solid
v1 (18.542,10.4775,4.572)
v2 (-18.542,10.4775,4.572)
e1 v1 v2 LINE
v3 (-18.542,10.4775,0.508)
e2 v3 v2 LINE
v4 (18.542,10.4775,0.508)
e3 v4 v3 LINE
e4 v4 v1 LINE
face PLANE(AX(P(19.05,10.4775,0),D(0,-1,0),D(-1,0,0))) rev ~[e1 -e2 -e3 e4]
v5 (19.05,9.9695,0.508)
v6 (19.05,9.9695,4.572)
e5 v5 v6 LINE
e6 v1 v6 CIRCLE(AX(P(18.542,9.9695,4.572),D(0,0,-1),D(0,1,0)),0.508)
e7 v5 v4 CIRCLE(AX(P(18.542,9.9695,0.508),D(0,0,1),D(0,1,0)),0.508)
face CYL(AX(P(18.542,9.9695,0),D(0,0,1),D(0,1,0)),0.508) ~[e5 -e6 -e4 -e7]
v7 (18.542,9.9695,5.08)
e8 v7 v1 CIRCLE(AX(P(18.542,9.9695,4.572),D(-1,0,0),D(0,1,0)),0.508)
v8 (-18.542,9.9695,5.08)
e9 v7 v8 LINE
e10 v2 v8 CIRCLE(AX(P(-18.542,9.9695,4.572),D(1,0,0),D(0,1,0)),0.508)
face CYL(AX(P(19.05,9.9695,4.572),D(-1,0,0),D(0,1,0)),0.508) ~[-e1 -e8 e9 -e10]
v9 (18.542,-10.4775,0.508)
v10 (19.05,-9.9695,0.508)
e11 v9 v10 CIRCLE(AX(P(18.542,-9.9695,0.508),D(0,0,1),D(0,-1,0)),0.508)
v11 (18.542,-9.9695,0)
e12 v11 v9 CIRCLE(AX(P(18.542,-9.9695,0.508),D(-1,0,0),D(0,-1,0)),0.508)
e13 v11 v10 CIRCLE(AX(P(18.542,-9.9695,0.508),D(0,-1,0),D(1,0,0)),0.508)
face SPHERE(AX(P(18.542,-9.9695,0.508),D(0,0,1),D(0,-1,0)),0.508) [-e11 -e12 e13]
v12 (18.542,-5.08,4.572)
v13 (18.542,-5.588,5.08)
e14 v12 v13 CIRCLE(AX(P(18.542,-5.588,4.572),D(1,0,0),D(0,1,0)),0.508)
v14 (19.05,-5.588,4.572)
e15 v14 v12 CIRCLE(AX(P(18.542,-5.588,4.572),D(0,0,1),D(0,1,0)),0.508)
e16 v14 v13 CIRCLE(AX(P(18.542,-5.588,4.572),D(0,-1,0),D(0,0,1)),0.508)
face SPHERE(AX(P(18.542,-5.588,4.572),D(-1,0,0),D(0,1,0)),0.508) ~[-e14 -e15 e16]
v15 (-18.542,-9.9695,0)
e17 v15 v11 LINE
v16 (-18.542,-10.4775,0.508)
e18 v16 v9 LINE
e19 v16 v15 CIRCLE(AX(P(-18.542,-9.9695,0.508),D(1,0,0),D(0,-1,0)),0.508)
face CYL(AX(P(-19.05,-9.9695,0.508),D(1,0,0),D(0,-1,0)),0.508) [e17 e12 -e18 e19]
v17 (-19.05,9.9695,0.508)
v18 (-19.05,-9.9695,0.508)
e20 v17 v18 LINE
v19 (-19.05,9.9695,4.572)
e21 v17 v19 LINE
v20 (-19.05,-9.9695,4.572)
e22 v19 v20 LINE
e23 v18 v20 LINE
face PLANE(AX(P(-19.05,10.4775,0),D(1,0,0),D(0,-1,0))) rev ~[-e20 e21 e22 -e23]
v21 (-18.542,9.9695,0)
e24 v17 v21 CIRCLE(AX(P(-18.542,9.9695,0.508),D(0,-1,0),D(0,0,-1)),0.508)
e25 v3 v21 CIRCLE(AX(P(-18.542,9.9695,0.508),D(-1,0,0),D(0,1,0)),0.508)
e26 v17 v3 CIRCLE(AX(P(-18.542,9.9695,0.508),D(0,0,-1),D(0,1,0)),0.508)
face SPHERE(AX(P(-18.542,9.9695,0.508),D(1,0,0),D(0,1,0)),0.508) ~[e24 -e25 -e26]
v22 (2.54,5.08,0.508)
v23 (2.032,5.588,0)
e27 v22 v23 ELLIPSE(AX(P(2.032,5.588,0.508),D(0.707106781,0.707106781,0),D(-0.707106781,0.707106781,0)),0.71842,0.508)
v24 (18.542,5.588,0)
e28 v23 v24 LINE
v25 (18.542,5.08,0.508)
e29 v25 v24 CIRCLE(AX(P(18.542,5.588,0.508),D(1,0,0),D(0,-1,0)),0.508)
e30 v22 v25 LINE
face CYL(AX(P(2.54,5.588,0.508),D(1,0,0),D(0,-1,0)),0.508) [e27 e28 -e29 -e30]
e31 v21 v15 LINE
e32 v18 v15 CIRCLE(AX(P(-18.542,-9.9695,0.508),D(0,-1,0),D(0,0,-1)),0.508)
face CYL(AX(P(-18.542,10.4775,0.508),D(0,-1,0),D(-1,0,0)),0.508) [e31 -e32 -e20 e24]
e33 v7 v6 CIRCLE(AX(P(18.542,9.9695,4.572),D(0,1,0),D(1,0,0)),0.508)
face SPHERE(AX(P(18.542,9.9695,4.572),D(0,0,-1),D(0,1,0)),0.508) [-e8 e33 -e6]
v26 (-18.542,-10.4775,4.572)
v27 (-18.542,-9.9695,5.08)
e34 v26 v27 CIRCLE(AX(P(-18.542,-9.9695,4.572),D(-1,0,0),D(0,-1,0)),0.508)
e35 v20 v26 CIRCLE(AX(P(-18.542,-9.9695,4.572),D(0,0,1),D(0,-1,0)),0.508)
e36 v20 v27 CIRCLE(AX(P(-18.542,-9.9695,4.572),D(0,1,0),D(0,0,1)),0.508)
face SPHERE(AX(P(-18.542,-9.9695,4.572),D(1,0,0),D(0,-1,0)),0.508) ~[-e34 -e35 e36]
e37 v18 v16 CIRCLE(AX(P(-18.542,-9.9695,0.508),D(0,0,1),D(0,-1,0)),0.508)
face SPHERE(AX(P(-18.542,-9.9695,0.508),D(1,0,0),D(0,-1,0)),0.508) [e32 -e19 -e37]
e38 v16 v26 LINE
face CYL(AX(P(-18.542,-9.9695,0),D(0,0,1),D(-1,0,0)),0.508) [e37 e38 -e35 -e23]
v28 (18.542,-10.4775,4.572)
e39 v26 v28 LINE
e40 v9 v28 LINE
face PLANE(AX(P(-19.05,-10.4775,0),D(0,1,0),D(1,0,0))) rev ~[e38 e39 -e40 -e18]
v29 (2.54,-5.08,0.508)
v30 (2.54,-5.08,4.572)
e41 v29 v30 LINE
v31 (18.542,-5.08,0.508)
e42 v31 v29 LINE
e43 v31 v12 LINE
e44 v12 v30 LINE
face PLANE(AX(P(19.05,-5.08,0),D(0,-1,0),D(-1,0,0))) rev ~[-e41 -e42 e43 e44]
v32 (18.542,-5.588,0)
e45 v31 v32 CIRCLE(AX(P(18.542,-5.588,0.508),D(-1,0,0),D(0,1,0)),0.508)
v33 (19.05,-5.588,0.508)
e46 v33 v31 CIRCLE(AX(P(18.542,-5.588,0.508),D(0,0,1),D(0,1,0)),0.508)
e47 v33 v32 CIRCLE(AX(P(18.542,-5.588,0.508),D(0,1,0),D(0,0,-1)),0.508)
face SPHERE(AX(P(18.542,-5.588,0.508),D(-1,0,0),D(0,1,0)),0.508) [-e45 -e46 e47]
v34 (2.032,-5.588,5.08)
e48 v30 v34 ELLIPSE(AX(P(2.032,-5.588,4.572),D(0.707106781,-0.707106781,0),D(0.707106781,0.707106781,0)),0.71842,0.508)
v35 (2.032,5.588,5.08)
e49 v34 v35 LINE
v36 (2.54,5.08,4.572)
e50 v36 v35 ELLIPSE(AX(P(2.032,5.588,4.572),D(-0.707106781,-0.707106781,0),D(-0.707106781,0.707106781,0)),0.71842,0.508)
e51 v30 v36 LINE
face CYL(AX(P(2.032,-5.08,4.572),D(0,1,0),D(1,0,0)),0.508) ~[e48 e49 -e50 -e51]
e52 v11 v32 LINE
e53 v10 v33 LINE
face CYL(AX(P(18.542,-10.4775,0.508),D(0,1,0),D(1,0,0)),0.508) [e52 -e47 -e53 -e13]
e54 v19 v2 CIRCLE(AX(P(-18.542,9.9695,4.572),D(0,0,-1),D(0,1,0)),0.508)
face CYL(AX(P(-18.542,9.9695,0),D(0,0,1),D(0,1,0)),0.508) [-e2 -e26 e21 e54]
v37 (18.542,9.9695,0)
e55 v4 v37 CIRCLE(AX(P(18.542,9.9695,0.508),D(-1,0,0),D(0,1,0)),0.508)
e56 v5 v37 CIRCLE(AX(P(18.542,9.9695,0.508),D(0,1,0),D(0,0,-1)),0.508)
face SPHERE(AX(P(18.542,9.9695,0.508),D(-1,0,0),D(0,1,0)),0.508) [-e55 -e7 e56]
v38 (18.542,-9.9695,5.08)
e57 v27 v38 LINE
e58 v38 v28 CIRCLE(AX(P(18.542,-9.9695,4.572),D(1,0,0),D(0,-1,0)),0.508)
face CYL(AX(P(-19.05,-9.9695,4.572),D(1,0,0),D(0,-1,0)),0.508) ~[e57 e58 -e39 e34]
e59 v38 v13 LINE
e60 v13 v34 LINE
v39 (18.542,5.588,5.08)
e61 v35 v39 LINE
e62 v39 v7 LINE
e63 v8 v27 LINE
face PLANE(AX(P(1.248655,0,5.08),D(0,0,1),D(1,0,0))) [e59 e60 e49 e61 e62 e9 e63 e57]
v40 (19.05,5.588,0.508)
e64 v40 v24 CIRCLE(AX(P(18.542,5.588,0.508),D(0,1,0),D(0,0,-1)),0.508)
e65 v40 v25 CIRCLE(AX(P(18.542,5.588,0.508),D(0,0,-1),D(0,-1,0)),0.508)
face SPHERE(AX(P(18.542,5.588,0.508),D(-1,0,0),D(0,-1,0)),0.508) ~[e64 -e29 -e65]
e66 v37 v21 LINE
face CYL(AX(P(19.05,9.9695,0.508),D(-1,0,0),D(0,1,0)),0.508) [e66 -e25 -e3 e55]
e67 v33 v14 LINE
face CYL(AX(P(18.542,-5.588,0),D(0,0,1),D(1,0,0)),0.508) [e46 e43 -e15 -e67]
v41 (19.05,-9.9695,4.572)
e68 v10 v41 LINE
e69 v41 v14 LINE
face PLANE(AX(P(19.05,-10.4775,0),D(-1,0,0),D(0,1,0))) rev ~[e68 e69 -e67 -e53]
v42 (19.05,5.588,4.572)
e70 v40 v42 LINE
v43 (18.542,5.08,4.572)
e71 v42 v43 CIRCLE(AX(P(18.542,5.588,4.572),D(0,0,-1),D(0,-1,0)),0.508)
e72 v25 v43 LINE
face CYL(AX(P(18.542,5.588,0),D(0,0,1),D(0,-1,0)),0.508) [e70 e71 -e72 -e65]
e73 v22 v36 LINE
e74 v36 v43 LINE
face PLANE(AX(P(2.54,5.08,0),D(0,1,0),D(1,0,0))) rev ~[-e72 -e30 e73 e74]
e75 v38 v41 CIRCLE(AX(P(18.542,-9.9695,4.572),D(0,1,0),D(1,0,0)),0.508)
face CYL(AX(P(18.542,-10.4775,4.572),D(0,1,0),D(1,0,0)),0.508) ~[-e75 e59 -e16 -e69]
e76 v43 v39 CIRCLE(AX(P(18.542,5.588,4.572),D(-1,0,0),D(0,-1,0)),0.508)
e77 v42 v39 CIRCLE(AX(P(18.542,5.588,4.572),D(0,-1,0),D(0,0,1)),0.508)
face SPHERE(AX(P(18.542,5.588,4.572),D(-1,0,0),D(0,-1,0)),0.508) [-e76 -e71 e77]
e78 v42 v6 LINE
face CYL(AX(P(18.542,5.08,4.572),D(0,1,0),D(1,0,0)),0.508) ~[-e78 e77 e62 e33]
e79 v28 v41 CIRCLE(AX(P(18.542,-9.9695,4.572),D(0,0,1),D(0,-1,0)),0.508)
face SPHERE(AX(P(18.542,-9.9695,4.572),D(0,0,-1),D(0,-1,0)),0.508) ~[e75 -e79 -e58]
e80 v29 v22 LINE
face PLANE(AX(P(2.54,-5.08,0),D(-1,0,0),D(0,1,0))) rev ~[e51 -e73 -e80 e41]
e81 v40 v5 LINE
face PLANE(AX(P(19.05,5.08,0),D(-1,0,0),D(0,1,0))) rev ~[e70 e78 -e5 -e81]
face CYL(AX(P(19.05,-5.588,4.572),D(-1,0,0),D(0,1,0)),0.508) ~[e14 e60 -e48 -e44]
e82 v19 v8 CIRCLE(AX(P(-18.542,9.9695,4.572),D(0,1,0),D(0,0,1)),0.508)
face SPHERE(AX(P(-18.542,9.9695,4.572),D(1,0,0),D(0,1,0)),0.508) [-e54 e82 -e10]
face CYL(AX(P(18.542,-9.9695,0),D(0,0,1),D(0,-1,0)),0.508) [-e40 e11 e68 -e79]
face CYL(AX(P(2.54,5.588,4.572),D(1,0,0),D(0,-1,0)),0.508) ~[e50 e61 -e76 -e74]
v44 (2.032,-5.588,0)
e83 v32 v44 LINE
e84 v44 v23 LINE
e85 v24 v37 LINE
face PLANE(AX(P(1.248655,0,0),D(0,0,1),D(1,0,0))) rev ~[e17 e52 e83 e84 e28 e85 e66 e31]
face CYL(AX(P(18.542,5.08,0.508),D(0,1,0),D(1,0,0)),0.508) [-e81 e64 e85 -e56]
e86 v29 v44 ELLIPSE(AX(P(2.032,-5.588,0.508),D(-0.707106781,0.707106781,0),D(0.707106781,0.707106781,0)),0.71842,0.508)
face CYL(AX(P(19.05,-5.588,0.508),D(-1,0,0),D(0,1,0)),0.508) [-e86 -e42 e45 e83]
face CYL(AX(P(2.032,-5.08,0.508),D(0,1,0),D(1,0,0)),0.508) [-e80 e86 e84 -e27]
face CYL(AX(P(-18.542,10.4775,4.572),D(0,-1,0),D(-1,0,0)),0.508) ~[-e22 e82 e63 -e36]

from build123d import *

# Parameters (mm, degrees)
F1_DEPTH = 5.08
F2_R     = 0.508


with BuildPart() as f1:
    # F0 (on Top) → F1 (new body)
    with BuildSketch(Plane.XY):
        Polygon((19.05, 10.4775), (-19.05, 10.4775), (-19.05, -10.4775), (19.05, -10.4775), (19.05, -5.08), (2.54, -5.08), (2.54, 5.08), (19.05, 5.08), align=None)
    extrude(amount=F1_DEPTH)

    # F2
    f2_edges = [f1.edges().sort_by_distance(p)[0] for p in [
        (2.54, 0, 5.08),
        (2.54, 0, 0),
        (10.795, 5.08, 0),
        (10.795, 5.08, 5.08),
        (10.795, -5.08, 5.08),
        (10.795, -5.08, 0),
        (19.05, -10.4775, 2.54),
        (0, -10.4775, 5.08),
        (0, -10.4775, 0),
        (-19.05, -10.4775, 2.54),
        (19.05, 5.08, 2.54),
        (19.05, -5.08, 2.54),
        (0, 10.4775, 0),
        (19.05, 10.4775, 2.54),
        (0, 10.4775, 5.08),
        (-19.05, 10.4775, 2.54),
        (-19.05, 0, 5.08),
        (-19.05, 0, 0),
        (19.05, 7.77875, 5.08),
        (19.05, 7.77875, 0),
        (19.05, -7.77875, 0),
        (19.05, -7.77875, 5.08),
    ]]
    fillet(f2_edges, radius=F2_R)


solid = f1.part
